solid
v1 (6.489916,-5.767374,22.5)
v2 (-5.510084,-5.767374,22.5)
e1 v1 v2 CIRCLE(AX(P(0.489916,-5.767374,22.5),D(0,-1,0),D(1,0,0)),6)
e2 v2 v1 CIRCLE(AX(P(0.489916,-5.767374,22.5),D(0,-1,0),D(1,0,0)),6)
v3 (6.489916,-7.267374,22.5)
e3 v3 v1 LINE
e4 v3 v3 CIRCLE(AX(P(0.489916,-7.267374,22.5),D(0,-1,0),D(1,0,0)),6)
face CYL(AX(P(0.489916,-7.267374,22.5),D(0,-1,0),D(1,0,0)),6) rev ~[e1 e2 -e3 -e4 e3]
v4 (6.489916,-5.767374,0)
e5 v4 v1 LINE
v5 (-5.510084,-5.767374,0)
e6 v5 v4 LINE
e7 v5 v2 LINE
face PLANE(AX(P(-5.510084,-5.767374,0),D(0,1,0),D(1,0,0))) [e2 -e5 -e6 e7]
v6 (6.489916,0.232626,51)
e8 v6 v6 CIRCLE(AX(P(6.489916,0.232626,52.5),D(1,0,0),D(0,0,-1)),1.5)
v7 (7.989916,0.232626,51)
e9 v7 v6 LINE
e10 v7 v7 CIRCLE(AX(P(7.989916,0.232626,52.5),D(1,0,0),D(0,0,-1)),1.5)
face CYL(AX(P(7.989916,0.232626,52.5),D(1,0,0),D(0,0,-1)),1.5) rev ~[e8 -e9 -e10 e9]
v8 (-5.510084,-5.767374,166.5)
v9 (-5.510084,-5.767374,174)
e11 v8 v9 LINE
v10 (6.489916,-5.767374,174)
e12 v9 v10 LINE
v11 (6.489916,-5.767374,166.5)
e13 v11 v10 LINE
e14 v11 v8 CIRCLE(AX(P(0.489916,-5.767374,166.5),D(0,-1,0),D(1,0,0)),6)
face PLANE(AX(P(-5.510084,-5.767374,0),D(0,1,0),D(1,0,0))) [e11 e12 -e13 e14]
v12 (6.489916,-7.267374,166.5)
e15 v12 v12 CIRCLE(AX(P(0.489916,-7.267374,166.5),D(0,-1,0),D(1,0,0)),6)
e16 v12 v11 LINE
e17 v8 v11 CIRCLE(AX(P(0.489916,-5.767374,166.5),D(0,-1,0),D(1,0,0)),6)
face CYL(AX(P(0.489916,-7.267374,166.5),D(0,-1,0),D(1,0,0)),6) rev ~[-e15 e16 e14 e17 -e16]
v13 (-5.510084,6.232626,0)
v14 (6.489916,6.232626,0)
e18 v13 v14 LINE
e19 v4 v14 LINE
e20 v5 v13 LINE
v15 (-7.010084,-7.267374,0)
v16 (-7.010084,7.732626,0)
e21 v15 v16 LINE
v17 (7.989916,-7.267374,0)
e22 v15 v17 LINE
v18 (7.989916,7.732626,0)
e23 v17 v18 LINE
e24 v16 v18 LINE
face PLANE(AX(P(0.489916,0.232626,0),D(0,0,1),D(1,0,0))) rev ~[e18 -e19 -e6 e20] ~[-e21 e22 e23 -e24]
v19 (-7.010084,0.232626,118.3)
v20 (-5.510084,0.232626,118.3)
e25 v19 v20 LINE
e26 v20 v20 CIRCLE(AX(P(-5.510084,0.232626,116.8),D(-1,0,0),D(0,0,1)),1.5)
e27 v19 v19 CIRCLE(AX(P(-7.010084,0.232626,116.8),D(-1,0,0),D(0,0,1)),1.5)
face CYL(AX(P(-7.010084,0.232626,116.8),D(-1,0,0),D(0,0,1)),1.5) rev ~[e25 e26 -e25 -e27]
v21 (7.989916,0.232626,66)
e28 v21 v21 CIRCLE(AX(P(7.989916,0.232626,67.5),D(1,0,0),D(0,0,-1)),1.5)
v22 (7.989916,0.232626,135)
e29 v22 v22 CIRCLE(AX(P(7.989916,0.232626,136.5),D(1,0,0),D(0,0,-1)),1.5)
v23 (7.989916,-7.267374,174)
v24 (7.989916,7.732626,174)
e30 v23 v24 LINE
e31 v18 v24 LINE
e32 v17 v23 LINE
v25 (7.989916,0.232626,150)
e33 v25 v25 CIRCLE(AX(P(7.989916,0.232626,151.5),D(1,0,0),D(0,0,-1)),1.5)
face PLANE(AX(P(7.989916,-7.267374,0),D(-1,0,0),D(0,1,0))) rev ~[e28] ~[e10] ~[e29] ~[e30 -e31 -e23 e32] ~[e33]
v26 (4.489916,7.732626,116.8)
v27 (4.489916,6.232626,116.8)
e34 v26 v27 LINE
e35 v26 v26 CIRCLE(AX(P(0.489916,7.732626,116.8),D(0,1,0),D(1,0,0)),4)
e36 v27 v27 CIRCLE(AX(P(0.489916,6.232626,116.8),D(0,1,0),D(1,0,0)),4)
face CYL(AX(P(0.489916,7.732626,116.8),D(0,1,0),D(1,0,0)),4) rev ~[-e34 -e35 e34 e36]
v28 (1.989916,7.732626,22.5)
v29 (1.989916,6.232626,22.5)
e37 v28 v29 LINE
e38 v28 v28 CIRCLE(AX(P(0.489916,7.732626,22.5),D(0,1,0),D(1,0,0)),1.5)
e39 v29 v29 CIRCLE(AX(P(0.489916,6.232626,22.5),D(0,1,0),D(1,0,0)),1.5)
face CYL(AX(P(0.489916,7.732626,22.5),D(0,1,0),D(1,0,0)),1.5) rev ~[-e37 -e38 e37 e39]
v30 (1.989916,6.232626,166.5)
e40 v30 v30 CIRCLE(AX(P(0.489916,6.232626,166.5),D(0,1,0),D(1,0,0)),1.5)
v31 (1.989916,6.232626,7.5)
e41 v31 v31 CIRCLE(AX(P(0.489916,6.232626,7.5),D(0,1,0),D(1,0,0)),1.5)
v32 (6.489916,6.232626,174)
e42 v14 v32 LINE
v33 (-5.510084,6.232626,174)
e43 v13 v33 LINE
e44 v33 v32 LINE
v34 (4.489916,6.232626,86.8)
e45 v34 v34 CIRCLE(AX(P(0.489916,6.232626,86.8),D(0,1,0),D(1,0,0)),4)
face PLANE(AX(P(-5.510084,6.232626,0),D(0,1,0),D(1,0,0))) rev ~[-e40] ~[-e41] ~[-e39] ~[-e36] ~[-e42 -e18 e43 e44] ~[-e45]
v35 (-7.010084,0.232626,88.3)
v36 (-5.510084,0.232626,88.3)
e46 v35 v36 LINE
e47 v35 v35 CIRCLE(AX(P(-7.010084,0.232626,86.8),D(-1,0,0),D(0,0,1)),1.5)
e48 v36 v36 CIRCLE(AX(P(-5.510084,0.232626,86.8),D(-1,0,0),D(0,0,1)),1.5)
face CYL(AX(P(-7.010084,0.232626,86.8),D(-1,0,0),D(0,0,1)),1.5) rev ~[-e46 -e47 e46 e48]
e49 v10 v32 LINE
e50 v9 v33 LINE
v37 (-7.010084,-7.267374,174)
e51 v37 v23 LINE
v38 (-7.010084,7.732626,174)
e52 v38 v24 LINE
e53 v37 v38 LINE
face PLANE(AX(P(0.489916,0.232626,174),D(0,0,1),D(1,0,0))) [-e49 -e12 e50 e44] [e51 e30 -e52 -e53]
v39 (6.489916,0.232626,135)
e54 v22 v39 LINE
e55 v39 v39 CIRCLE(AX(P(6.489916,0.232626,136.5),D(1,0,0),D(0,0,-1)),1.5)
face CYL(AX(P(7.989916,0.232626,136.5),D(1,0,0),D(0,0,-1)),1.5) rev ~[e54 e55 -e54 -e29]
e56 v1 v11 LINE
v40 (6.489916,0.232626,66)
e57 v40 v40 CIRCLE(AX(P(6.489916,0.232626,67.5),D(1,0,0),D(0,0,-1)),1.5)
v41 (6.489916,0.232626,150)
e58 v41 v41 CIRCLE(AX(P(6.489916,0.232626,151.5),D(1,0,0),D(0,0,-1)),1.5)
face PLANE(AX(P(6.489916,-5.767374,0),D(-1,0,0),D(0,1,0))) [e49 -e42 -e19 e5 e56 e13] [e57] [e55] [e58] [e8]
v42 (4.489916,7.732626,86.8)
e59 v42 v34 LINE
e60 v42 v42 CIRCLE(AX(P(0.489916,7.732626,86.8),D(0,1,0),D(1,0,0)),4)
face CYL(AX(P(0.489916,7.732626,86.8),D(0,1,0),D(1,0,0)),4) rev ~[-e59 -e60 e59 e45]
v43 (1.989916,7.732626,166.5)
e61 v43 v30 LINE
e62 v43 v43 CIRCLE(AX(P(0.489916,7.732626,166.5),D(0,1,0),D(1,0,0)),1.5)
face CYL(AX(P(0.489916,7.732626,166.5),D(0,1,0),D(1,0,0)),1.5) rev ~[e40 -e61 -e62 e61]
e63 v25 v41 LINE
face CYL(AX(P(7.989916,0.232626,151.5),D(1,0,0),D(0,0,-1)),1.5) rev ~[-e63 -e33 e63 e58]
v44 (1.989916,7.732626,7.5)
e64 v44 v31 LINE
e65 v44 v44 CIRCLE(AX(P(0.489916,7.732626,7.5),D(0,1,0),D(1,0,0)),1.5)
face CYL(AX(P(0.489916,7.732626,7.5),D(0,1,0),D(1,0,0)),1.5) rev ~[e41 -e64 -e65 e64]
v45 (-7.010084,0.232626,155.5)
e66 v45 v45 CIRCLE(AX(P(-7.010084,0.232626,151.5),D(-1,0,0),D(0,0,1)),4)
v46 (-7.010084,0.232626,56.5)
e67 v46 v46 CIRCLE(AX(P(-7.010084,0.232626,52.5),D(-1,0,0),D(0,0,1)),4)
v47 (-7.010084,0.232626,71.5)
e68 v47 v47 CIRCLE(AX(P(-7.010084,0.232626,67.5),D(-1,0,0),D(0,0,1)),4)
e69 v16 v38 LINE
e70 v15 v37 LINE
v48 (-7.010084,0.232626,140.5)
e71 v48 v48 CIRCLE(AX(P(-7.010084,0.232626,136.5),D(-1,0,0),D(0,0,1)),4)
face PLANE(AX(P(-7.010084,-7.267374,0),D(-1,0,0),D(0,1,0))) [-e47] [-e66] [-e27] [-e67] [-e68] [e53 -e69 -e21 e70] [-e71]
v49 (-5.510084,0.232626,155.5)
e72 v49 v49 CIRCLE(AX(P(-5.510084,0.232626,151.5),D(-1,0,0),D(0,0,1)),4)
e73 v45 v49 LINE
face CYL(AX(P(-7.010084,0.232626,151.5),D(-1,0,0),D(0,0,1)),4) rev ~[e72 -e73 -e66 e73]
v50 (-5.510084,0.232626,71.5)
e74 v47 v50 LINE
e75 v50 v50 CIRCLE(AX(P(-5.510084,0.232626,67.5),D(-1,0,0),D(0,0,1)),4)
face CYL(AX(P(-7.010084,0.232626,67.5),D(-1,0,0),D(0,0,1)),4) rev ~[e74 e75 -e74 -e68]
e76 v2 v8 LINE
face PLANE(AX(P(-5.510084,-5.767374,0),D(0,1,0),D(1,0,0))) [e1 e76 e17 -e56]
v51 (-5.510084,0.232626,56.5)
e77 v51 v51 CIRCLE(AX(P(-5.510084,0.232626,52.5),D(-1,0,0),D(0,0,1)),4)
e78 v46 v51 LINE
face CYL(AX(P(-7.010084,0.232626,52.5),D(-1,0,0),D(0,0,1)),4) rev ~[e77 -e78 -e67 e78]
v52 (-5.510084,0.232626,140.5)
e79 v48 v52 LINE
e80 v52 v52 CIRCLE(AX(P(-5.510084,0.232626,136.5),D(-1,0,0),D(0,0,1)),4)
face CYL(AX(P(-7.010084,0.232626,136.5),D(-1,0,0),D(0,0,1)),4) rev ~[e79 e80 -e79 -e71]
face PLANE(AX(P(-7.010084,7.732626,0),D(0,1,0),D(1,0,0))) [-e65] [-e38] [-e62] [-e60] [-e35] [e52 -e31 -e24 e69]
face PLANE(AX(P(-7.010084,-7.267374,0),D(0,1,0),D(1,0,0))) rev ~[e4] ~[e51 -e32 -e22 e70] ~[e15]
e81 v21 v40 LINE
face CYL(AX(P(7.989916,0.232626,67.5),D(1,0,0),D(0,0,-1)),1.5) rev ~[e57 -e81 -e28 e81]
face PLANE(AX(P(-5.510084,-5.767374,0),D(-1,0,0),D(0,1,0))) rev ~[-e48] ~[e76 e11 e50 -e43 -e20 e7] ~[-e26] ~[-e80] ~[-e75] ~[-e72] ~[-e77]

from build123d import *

# Parameters (mm, degrees)
SKETCH_1_W           = 15
SKETCH_1_H           = 15
SKETCH_1_W_2         = 12
SKETCH_1_H_2         = 12
EXTRUDE_2_DEPTH      = 174
SKETCH_3_R           = 1.5
CUT_EXTRUDE_2_DEPTH  = 10
SKETCH_6_R           = 4
CUT_EXTRUDE_4_DEPTH  = 10
SKETCH_7_R           = 1.5
CUT_EXTRUDE_5_DEPTH  = 10
SKETCH_8_R           = 4
CUT_EXTRUDE_6_DEPTH  = 10
SKETCH_10_R          = 1.5
CUT_EXTRUDE_9_DEPTH  = 10
SKETCH_13_R          = 1.5
CUT_EXTRUDE_11_DEPTH = 10
SKETCH_16_R          = 1.5
CUT_EXTRUDE_14_DEPTH = 10
SKETCH_17_R          = 6
CUT_EXTRUDE_15_DEPTH = 10
SKETCH_18_R          = 1.5
CUT_EXTRUDE_16_DEPTH = 10
SKETCH_19_R          = 4
CUT_EXTRUDE_17_DEPTH = 10
SKETCH_20_R          = 1.5
CUT_EXTRUDE_18_DEPTH = 10
SKETCH_21_R          = 1.5
CUT_EXTRUDE_19_DEPTH = 10
SKETCH_22_R          = 4
CUT_EXTRUDE_20_DEPTH = 10
SKETCH_23_R          = 1.5
CUT_EXTRUDE_21_DEPTH = 10
SKETCH_24_R          = 4
CUT_EXTRUDE_22_DEPTH = 10
SKETCH_25_R          = 4
CUT_EXTRUDE_23_DEPTH = 10
SKETCH_26_R          = 6
CUT_EXTRUDE_24_DEPTH = 10


with BuildPart() as part:
    # ｽｹｯﾁ1 → ﾎﾞｽ - 押し出し2 (new body)
    with BuildSketch(Plane.XY):
        with Locations((0.489915859, 0.232626086)):
            Rectangle(SKETCH_1_W, SKETCH_1_H)
        with Locations((0.489915859, 0.232626086)):
            Rectangle(SKETCH_1_W_2, SKETCH_1_H_2, mode=Mode.SUBTRACT)
    extrude(amount=EXTRUDE_2_DEPTH)

    # ｽｹｯﾁ3 → ｶｯﾄ - 押し出し2 (cut)
    with BuildSketch(Plane(origin=(7.989915859, 0, 0), x_dir=(0, 0, -1), z_dir=(1, 0, 0))):
        with Locations((-52.5, 0.232626086)):
            Circle(SKETCH_3_R)
    extrude(amount=-CUT_EXTRUDE_2_DEPTH, mode=Mode.SUBTRACT)

    # ｽｹｯﾁ6 → ｶｯﾄ - 押し出し4 (cut)
    with BuildSketch(Plane.ZY.offset(7.010084141)):
        with Locations((52.5, 0.232626086)):
            Circle(SKETCH_6_R)
    extrude(amount=-CUT_EXTRUDE_4_DEPTH, mode=Mode.SUBTRACT)

    # ｽｹｯﾁ7 → ｶｯﾄ - 押し出し5 (cut)
    with BuildSketch(Plane(origin=(7.989915859, 0, 0), x_dir=(0, 0, -1), z_dir=(1, 0, 0))):
        with Locations((-151.5, 0.232626086)):
            Circle(SKETCH_7_R)
    extrude(amount=-CUT_EXTRUDE_5_DEPTH, mode=Mode.SUBTRACT)

    # ｽｹｯﾁ8 → ｶｯﾄ - 押し出し6 (cut)
    with BuildSketch(Plane.ZY.offset(7.010084141)):
        with Locations((151.5, 0.232626086)):
            Circle(SKETCH_8_R)
    extrude(amount=-CUT_EXTRUDE_6_DEPTH, mode=Mode.SUBTRACT)

    # ｽｹｯﾁ10 → ｶｯﾄ - 押し出し9 (cut)
    with BuildSketch(Plane.ZY.offset(7.010084141)):
        with Locations((86.8, 0.232626086)):
            Circle(SKETCH_10_R)
    extrude(amount=-CUT_EXTRUDE_9_DEPTH, mode=Mode.SUBTRACT)

    # ｽｹｯﾁ13 → ｶｯﾄ - 押し出し11 (cut)
    with BuildSketch(Plane.ZY.offset(7.010084141)):
        with Locations((116.8, 0.232626086)):
            Circle(SKETCH_13_R)
    extrude(amount=-CUT_EXTRUDE_11_DEPTH, mode=Mode.SUBTRACT)

    # ｽｹｯﾁ16 → ｶｯﾄ - 押し出し14 (cut)
    with BuildSketch(Plane(origin=(0, 7.732626086, 0), x_dir=(1, 0, 0), z_dir=(0, 1, 0))):
        with Locations((0.489915859, -22.5)):
            Circle(SKETCH_16_R)
    extrude(amount=-CUT_EXTRUDE_14_DEPTH, mode=Mode.SUBTRACT)

    # ｽｹｯﾁ17 → ｶｯﾄ - 押し出し15 (cut)
    with BuildSketch(Plane.XZ.offset(7.267373914)):
        with Locations((0.489915859, 166.5)):
            Circle(SKETCH_17_R)
    extrude(amount=-CUT_EXTRUDE_15_DEPTH, mode=Mode.SUBTRACT)

    # ｽｹｯﾁ18 → ｶｯﾄ - 押し出し16 (cut)
    with BuildSketch(Plane(origin=(0, 7.732626086, 0), x_dir=(1, 0, 0), z_dir=(0, 1, 0))):
        with Locations((0.489915859, -166.5)):
            Circle(SKETCH_18_R)
    extrude(amount=-CUT_EXTRUDE_16_DEPTH, mode=Mode.SUBTRACT)

    # ｽｹｯﾁ19 → ｶｯﾄ - 押し出し17 (cut)
    with BuildSketch(Plane.ZY.offset(7.010084141)):
        with Locations((67.5, 0.232626086)):
            Circle(SKETCH_19_R)
    extrude(amount=-CUT_EXTRUDE_17_DEPTH, mode=Mode.SUBTRACT)

    # ｽｹｯﾁ20 → ｶｯﾄ - 押し出し18 (cut)
    with BuildSketch(Plane(origin=(7.989915859, 0, 0), x_dir=(0, 0, -1), z_dir=(1, 0, 0))):
        with Locations((-67.5, 0.232626086)):
            Circle(SKETCH_20_R)
    extrude(amount=-CUT_EXTRUDE_18_DEPTH, mode=Mode.SUBTRACT)

    # ｽｹｯﾁ21 → ｶｯﾄ - 押し出し19 (cut)
    with BuildSketch(Plane(origin=(7.989915859, 0, 0), x_dir=(0, 0, -1), z_dir=(1, 0, 0))):
        with Locations((-136.5, 0.232626086)):
            Circle(SKETCH_21_R)
    extrude(amount=-CUT_EXTRUDE_19_DEPTH, mode=Mode.SUBTRACT)

    # ｽｹｯﾁ22 → ｶｯﾄ - 押し出し20 (cut)
    with BuildSketch(Plane.ZY.offset(7.010084141)):
        with Locations((136.5, 0.232626086)):
            Circle(SKETCH_22_R)
    extrude(amount=-CUT_EXTRUDE_20_DEPTH, mode=Mode.SUBTRACT)

    # ｽｹｯﾁ23 → ｶｯﾄ - 押し出し21 (cut)
    with BuildSketch(Plane(origin=(0, 7.732626086, 0), x_dir=(1, 0, 0), z_dir=(0, 1, 0))):
        with Locations((0.489915859, -7.5)):
            Circle(SKETCH_23_R)
    extrude(amount=-CUT_EXTRUDE_21_DEPTH, mode=Mode.SUBTRACT)

    # ｽｹｯﾁ24 → ｶｯﾄ - 押し出し22 (cut)
    with BuildSketch(Plane(origin=(0, 7.732626086, 0), x_dir=(1, 0, 0), z_dir=(0, 1, 0))):
        with Locations((0.489915859, -86.8)):
            Circle(SKETCH_24_R)
    extrude(amount=-CUT_EXTRUDE_22_DEPTH, mode=Mode.SUBTRACT)

    # ｽｹｯﾁ25 → ｶｯﾄ - 押し出し23 (cut)
    with BuildSketch(Plane(origin=(0, 7.732626086, 0), x_dir=(1, 0, 0), z_dir=(0, 1, 0))):
        with Locations((0.489915859, -116.8)):
            Circle(SKETCH_25_R)
    extrude(amount=-CUT_EXTRUDE_23_DEPTH, mode=Mode.SUBTRACT)

    # ｽｹｯﾁ26 → ｶｯﾄ - 押し出し24 (cut)
    with BuildSketch(Plane.XZ.offset(7.267373914)):
        with Locations((0.489915859, 22.5)):
            Circle(SKETCH_26_R)
    extrude(amount=-CUT_EXTRUDE_24_DEPTH, mode=Mode.SUBTRACT)


solid = part.part
